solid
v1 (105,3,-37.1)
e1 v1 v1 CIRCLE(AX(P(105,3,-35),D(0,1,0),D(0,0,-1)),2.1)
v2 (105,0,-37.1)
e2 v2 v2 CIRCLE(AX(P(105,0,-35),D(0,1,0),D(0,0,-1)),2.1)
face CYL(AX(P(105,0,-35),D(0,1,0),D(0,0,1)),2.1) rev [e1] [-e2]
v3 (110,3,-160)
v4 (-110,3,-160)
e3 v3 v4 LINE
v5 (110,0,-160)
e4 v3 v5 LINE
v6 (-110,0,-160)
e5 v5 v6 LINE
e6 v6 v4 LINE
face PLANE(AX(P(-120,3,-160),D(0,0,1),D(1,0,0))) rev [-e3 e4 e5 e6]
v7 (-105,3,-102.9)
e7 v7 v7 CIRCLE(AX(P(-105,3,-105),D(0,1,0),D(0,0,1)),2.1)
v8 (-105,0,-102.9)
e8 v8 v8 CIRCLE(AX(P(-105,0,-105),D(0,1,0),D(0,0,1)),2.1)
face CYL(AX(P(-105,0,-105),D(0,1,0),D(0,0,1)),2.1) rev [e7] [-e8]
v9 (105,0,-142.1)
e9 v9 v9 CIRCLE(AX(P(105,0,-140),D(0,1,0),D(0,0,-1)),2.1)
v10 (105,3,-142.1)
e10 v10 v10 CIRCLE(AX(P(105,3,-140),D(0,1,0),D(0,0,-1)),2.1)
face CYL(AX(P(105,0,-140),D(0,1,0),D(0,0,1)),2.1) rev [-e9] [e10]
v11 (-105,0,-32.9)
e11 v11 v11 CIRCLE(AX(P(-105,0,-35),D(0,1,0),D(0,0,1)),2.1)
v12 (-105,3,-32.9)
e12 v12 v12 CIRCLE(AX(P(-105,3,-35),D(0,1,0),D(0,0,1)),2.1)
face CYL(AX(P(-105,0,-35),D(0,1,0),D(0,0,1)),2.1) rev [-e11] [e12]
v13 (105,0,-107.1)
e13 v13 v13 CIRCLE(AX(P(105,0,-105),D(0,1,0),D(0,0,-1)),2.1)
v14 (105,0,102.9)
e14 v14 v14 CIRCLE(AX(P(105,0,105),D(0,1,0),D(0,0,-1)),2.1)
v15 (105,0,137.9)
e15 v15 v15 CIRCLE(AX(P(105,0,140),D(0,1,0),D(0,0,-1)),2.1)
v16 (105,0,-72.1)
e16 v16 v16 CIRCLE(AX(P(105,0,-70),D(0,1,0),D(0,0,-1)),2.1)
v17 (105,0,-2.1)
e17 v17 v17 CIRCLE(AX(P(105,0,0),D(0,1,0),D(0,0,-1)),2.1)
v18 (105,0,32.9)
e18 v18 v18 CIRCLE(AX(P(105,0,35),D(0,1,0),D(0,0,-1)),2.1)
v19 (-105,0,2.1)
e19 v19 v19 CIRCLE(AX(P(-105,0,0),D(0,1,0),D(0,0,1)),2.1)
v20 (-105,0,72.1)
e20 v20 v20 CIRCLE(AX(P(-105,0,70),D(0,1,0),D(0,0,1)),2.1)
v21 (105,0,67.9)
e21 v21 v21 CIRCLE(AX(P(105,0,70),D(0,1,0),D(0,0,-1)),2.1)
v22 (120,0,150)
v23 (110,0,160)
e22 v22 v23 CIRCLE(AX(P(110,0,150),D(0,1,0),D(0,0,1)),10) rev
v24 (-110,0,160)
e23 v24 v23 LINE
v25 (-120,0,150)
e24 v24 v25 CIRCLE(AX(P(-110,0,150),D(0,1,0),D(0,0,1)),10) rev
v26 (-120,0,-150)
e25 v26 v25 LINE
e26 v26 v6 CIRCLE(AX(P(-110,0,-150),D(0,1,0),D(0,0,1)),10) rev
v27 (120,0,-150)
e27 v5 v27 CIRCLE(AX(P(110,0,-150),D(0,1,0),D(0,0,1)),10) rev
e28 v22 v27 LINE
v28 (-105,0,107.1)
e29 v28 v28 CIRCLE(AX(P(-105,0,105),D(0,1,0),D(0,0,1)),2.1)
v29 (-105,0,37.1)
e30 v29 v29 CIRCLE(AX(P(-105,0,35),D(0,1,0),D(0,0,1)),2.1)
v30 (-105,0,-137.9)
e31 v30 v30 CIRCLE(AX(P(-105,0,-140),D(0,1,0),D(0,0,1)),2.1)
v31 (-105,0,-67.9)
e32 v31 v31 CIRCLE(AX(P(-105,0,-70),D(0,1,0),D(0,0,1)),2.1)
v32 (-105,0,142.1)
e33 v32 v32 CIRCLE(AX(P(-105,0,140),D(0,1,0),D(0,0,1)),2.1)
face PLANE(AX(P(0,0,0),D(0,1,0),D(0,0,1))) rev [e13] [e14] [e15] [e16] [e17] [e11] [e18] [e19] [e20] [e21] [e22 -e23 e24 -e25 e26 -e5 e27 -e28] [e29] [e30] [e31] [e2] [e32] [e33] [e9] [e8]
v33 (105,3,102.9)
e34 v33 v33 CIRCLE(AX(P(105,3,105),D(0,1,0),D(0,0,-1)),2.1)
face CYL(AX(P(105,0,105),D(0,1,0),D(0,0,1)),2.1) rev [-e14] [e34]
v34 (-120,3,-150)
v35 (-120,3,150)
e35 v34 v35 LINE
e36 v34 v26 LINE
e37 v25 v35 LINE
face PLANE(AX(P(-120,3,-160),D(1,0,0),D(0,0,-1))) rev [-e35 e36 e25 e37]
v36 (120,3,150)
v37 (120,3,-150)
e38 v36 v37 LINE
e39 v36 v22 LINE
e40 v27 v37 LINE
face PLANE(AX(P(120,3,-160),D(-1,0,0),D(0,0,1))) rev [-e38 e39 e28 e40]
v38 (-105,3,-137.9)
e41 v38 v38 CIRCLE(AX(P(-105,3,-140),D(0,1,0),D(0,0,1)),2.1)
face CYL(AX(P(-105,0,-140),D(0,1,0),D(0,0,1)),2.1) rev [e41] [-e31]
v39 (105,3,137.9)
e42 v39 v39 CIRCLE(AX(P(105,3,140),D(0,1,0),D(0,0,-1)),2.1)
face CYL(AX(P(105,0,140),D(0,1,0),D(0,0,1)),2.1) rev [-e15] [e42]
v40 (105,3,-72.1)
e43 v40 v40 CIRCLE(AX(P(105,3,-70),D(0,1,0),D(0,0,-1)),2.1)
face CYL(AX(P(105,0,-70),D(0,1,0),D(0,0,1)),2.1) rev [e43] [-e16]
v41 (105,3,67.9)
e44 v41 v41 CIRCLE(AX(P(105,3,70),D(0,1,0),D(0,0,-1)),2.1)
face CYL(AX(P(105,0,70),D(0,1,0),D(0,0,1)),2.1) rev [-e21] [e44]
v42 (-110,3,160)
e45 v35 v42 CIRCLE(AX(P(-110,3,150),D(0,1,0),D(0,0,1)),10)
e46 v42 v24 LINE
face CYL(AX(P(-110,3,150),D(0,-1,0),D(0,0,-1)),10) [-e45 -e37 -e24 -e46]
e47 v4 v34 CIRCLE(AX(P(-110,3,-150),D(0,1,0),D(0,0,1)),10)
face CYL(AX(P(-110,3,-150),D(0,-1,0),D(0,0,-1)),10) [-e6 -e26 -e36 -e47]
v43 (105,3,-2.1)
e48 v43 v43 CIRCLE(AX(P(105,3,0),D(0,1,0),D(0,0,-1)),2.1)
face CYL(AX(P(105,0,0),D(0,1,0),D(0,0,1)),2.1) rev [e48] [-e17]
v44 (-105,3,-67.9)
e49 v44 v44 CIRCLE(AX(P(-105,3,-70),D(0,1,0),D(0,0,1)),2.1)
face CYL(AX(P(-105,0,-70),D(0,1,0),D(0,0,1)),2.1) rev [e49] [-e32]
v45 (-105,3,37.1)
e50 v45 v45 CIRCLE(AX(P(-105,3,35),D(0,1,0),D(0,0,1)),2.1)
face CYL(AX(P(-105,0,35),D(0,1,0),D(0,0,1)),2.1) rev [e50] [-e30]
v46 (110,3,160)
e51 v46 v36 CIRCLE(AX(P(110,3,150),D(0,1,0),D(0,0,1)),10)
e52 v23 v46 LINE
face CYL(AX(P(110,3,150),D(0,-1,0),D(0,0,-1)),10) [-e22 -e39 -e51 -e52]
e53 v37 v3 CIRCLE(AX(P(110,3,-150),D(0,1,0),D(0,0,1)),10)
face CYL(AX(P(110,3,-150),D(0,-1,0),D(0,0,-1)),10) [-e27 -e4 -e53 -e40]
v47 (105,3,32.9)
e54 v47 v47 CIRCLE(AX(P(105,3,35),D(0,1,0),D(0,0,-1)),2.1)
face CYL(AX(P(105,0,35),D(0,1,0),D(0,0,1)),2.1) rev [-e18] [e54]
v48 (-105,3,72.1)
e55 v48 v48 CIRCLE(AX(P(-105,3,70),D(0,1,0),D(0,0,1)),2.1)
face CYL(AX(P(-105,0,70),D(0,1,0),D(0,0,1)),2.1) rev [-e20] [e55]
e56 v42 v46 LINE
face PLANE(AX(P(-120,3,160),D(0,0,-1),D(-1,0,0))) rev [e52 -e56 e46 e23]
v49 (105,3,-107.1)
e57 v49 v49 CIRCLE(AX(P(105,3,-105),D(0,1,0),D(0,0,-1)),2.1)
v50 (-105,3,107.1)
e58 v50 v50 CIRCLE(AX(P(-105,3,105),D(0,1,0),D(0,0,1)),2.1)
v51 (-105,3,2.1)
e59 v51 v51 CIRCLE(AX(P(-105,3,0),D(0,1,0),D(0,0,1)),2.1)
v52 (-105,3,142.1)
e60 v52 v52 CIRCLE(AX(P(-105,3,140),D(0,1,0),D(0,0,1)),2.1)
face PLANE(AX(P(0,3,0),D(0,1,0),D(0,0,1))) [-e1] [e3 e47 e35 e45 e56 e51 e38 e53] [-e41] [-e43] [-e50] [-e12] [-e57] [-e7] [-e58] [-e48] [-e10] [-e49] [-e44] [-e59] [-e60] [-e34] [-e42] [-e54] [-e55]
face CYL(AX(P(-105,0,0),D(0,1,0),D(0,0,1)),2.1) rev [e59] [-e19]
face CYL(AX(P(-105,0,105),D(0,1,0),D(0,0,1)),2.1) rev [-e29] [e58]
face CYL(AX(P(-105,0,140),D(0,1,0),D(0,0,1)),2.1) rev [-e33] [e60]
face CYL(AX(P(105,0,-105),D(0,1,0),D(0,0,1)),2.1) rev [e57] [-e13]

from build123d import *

# Parameters (mm, degrees)
SKETCH_1_W          = 240
SKETCH_1_H          = 320
EXTRUDE_1_DEPTH     = 3
FILLET_1_R          = 10
SKETCH_2_R          = 2.1
CUT_EXTRUDE_1_DEPTH = 3


with BuildPart() as part:
    # 草图1 → 凸台-拉伸1 (new body)
    with BuildSketch(Plane(origin=(0, 0, 0), x_dir=(1, 0, 0), z_dir=(0, 1, 0))):
        Rectangle(SKETCH_1_W, SKETCH_1_H)
    extrude(amount=EXTRUDE_1_DEPTH)

    # 圆角1
    fillet_1_edges = [part.edges().sort_by_distance(p)[0] for p in [
        (120, 1.5, 160),
        (-120, 1.5, 160),
        (-120, 1.5, -160),
        (120, 1.5, -160),
    ]]
    fillet(fillet_1_edges, radius=FILLET_1_R)

    # 草图2 → 切除-拉伸1 (cut)
    with BuildSketch(Plane(origin=(0, 3, 0), x_dir=(1, 0, 0), z_dir=(0, 1, 0))):
        with Locations(Location((-105, 140, 0), (0, 0, 270))):
            Circle(SKETCH_2_R)
        with Locations(Location((-105, 105, 0), (0, 0, 270))):
            Circle(SKETCH_2_R)
        with Locations(Location((-105, 70, 0), (0, 0, 270))):
            Circle(SKETCH_2_R)
        with Locations(Location((-105, 35, 0), (0, 0, 270))):
            Circle(SKETCH_2_R)
        with Locations(Location((-105, 0, 0), (0, 0, 270))):
            Circle(SKETCH_2_R)
        with Locations(Location((-105, -35, 0), (0, 0, 270))):
            Circle(SKETCH_2_R)
        with Locations(Location((-105, -70, 0), (0, 0, 270))):
            Circle(SKETCH_2_R)
        with Locations(Location((-105, -105, 0), (0, 0, 270))):
            Circle(SKETCH_2_R)
        with Locations(Location((-105, -140, 0), (0, 0, 270))):
            Circle(SKETCH_2_R)
        with Locations(Location((105, -140, 0), (0, 0, 90))):
            Circle(SKETCH_2_R)
        with Locations(Location((105, -105, 0), (0, 0, 90))):
            Circle(SKETCH_2_R)
        with Locations(Location((105, -70, 0), (0, 0, 90))):
            Circle(SKETCH_2_R)
        with Locations(Location((105, -35, 0), (0, 0, 90))):
            Circle(SKETCH_2_R)
        with Locations(Location((105, 0, 0), (0, 0, 90))):
            Circle(SKETCH_2_R)
        with Locations(Location((105, 35, 0), (0, 0, 90))):
            Circle(SKETCH_2_R)
        with Locations(Location((105, 70, 0), (0, 0, 90))):
            Circle(SKETCH_2_R)
        with Locations(Location((105, 105, 0), (0, 0, 90))):
            Circle(SKETCH_2_R)
        with Locations(Location((105, 140, 0), (0, 0, 90))):
            Circle(SKETCH_2_R)
    extrude(amount=-CUT_EXTRUDE_1_DEPTH, mode=Mode.SUBTRACT)


solid = part.part
